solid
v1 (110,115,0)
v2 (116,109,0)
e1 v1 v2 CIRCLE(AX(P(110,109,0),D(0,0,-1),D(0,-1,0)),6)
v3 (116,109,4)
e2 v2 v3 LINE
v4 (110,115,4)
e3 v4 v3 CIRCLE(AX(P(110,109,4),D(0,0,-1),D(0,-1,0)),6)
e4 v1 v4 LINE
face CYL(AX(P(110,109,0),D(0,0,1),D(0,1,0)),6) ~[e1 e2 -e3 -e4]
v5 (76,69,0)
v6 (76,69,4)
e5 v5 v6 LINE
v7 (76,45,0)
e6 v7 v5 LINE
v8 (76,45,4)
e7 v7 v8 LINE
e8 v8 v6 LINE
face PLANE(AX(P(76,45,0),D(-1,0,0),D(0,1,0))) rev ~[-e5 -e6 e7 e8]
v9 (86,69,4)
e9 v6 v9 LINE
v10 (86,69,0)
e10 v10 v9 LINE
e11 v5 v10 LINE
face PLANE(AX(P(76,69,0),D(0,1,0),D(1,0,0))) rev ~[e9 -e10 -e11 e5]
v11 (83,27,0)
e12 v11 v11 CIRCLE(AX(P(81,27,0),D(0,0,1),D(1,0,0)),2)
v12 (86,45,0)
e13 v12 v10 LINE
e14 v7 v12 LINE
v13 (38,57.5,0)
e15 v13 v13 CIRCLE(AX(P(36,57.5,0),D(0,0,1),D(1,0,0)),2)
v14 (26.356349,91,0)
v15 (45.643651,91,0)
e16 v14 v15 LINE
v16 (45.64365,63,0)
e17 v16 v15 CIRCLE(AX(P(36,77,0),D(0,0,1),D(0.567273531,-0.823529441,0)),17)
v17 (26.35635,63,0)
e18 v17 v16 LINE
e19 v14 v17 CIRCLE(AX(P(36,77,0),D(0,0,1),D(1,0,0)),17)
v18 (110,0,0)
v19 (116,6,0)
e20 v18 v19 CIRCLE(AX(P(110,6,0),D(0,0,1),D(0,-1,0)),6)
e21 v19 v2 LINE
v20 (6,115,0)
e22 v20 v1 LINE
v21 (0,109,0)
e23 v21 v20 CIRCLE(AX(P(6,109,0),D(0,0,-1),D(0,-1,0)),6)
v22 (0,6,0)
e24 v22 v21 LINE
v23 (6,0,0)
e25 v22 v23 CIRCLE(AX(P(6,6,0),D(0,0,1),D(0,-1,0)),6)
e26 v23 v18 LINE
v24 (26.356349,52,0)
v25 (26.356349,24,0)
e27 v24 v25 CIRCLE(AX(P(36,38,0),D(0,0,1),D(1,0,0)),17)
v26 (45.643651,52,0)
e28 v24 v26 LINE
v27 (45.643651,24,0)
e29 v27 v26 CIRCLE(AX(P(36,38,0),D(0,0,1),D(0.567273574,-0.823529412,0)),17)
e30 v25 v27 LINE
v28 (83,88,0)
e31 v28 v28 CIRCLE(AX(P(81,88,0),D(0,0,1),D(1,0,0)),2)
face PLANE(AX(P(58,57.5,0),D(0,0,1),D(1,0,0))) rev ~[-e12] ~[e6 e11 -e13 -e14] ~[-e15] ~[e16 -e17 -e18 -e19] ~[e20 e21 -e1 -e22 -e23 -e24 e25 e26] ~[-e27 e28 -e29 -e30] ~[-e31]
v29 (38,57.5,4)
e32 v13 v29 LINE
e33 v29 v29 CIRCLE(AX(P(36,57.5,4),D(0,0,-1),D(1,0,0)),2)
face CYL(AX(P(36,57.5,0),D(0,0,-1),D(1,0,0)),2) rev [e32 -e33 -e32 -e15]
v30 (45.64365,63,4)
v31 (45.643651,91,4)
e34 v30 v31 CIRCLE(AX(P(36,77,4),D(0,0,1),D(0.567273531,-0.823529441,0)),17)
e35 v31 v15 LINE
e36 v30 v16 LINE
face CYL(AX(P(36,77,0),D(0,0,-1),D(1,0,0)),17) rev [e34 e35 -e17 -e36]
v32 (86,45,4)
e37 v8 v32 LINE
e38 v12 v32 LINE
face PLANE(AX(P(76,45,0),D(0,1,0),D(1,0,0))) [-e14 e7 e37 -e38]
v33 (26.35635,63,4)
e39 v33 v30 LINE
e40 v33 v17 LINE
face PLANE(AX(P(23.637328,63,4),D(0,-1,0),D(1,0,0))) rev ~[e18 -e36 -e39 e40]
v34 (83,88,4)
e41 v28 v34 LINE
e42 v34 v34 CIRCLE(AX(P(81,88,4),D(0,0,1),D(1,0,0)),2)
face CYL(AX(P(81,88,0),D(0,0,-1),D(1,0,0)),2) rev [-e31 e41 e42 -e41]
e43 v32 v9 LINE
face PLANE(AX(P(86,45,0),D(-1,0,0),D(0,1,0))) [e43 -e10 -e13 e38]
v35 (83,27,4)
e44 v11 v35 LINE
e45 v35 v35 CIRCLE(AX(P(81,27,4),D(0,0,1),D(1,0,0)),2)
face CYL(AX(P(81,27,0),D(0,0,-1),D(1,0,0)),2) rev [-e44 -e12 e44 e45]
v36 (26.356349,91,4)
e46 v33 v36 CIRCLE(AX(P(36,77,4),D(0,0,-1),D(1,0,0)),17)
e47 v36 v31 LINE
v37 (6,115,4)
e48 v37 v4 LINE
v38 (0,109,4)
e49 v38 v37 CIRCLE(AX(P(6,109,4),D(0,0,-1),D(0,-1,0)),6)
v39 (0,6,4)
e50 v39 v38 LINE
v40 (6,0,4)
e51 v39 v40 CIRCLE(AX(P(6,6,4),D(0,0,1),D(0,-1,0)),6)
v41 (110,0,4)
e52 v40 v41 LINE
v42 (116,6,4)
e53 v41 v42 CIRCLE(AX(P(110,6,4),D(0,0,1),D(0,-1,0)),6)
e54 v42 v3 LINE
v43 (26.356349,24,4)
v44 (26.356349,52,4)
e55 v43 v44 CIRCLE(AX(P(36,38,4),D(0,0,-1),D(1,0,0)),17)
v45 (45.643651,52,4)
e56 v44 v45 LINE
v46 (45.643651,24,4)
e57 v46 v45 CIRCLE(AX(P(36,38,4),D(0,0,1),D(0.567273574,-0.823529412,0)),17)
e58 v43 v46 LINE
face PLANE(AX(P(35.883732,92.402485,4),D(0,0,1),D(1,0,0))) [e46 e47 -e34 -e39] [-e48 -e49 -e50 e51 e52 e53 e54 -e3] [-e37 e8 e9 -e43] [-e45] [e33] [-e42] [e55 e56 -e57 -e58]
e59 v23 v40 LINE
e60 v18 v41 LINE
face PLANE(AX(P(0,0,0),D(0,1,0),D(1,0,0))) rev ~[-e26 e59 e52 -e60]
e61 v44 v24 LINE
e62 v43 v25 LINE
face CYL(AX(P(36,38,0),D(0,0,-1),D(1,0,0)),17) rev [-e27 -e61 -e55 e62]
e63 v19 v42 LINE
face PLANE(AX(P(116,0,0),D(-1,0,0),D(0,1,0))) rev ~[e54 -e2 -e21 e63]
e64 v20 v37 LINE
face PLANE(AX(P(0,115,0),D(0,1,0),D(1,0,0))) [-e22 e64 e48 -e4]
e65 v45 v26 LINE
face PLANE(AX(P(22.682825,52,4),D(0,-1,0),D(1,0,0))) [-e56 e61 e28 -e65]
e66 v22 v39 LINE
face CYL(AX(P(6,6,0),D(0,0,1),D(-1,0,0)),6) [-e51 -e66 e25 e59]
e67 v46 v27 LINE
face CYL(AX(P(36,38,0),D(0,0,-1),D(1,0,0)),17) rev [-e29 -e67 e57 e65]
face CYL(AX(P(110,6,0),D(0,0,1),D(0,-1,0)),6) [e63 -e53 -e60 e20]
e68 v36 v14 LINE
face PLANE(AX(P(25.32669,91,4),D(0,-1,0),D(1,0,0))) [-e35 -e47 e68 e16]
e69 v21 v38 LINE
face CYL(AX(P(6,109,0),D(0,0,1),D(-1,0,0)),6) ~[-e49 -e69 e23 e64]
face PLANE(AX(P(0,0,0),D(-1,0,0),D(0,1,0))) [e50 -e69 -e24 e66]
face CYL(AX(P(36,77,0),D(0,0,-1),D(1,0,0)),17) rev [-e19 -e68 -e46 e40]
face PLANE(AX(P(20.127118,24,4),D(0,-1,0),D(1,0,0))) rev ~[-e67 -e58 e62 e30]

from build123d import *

# Parameters (mm, degrees)
F0_W     = 116
F0_H     = 115
F0_R     = 2
F0_W_2   = 10
F0_H_2   = 24
F1_DEPTH = 4
F2_R     = 6
F4_R     = 2
F4_R_2   = 17
F5_DEPTH = 25
F6_W     = 27.550638
F6_H     = 3.205147
F6_W_2   = 29.028984
F6_H_2   = 3.037915
F6_W_3   = 33.224199
F6_H_3   = 3
F7_DEPTH = 4


with BuildPart() as f1:
    # F0 (on Top) → F1 (new body)
    with BuildSketch(Plane.XY):
        with Locations((58, 57.5)):
            Rectangle(F0_W, F0_H)
        with Locations((81, 27)):
            Circle(F0_R, mode=Mode.SUBTRACT)
        with Locations((81, 57)):
            Rectangle(F0_W_2, F0_H_2, mode=Mode.SUBTRACT)
        with Locations((81, 88)):
            Circle(F0_R, mode=Mode.SUBTRACT)
    extrude(amount=F1_DEPTH)

    # F2
    f2_edges = [f1.edges().sort_by_distance(p)[0] for p in [
        (0, 115, 2),
        (116, 115, 2),
        (116, 0, 2),
        (0, 0, 2),
    ]]
    fillet(f2_edges, radius=F2_R)

    # F4 (on Top) → F5 (cut)
    with BuildSketch(Plane.XY):
        with Locations((36, 57.5)):
            Circle(F4_R)
        with Locations((36, 77)):
            Circle(F4_R_2)
        with Locations((36, 38)):
            Circle(F4_R_2)
    extrude(amount=F5_DEPTH, mode=Mode.SUBTRACT)

    # F6 (on face) → F7 (join)
    with BuildSketch(Plane.XY.offset(4)):
        Polygon((32.74464, 94.836249), (25.32669, 91), (46.063566, 91), (43.255925, 94.420469), align=None)
        with Locations((37.412647, 61.397426)):
            Rectangle(F6_W, F6_H)
        with Locations((37.197317, 53.518957)):
            Rectangle(F6_W_2, F6_H_2)
        with Locations((36.739217, 22.5)):
            Rectangle(F6_W_3, F6_H_3)
    extrude(amount=-F7_DEPTH)


solid = f1.part
